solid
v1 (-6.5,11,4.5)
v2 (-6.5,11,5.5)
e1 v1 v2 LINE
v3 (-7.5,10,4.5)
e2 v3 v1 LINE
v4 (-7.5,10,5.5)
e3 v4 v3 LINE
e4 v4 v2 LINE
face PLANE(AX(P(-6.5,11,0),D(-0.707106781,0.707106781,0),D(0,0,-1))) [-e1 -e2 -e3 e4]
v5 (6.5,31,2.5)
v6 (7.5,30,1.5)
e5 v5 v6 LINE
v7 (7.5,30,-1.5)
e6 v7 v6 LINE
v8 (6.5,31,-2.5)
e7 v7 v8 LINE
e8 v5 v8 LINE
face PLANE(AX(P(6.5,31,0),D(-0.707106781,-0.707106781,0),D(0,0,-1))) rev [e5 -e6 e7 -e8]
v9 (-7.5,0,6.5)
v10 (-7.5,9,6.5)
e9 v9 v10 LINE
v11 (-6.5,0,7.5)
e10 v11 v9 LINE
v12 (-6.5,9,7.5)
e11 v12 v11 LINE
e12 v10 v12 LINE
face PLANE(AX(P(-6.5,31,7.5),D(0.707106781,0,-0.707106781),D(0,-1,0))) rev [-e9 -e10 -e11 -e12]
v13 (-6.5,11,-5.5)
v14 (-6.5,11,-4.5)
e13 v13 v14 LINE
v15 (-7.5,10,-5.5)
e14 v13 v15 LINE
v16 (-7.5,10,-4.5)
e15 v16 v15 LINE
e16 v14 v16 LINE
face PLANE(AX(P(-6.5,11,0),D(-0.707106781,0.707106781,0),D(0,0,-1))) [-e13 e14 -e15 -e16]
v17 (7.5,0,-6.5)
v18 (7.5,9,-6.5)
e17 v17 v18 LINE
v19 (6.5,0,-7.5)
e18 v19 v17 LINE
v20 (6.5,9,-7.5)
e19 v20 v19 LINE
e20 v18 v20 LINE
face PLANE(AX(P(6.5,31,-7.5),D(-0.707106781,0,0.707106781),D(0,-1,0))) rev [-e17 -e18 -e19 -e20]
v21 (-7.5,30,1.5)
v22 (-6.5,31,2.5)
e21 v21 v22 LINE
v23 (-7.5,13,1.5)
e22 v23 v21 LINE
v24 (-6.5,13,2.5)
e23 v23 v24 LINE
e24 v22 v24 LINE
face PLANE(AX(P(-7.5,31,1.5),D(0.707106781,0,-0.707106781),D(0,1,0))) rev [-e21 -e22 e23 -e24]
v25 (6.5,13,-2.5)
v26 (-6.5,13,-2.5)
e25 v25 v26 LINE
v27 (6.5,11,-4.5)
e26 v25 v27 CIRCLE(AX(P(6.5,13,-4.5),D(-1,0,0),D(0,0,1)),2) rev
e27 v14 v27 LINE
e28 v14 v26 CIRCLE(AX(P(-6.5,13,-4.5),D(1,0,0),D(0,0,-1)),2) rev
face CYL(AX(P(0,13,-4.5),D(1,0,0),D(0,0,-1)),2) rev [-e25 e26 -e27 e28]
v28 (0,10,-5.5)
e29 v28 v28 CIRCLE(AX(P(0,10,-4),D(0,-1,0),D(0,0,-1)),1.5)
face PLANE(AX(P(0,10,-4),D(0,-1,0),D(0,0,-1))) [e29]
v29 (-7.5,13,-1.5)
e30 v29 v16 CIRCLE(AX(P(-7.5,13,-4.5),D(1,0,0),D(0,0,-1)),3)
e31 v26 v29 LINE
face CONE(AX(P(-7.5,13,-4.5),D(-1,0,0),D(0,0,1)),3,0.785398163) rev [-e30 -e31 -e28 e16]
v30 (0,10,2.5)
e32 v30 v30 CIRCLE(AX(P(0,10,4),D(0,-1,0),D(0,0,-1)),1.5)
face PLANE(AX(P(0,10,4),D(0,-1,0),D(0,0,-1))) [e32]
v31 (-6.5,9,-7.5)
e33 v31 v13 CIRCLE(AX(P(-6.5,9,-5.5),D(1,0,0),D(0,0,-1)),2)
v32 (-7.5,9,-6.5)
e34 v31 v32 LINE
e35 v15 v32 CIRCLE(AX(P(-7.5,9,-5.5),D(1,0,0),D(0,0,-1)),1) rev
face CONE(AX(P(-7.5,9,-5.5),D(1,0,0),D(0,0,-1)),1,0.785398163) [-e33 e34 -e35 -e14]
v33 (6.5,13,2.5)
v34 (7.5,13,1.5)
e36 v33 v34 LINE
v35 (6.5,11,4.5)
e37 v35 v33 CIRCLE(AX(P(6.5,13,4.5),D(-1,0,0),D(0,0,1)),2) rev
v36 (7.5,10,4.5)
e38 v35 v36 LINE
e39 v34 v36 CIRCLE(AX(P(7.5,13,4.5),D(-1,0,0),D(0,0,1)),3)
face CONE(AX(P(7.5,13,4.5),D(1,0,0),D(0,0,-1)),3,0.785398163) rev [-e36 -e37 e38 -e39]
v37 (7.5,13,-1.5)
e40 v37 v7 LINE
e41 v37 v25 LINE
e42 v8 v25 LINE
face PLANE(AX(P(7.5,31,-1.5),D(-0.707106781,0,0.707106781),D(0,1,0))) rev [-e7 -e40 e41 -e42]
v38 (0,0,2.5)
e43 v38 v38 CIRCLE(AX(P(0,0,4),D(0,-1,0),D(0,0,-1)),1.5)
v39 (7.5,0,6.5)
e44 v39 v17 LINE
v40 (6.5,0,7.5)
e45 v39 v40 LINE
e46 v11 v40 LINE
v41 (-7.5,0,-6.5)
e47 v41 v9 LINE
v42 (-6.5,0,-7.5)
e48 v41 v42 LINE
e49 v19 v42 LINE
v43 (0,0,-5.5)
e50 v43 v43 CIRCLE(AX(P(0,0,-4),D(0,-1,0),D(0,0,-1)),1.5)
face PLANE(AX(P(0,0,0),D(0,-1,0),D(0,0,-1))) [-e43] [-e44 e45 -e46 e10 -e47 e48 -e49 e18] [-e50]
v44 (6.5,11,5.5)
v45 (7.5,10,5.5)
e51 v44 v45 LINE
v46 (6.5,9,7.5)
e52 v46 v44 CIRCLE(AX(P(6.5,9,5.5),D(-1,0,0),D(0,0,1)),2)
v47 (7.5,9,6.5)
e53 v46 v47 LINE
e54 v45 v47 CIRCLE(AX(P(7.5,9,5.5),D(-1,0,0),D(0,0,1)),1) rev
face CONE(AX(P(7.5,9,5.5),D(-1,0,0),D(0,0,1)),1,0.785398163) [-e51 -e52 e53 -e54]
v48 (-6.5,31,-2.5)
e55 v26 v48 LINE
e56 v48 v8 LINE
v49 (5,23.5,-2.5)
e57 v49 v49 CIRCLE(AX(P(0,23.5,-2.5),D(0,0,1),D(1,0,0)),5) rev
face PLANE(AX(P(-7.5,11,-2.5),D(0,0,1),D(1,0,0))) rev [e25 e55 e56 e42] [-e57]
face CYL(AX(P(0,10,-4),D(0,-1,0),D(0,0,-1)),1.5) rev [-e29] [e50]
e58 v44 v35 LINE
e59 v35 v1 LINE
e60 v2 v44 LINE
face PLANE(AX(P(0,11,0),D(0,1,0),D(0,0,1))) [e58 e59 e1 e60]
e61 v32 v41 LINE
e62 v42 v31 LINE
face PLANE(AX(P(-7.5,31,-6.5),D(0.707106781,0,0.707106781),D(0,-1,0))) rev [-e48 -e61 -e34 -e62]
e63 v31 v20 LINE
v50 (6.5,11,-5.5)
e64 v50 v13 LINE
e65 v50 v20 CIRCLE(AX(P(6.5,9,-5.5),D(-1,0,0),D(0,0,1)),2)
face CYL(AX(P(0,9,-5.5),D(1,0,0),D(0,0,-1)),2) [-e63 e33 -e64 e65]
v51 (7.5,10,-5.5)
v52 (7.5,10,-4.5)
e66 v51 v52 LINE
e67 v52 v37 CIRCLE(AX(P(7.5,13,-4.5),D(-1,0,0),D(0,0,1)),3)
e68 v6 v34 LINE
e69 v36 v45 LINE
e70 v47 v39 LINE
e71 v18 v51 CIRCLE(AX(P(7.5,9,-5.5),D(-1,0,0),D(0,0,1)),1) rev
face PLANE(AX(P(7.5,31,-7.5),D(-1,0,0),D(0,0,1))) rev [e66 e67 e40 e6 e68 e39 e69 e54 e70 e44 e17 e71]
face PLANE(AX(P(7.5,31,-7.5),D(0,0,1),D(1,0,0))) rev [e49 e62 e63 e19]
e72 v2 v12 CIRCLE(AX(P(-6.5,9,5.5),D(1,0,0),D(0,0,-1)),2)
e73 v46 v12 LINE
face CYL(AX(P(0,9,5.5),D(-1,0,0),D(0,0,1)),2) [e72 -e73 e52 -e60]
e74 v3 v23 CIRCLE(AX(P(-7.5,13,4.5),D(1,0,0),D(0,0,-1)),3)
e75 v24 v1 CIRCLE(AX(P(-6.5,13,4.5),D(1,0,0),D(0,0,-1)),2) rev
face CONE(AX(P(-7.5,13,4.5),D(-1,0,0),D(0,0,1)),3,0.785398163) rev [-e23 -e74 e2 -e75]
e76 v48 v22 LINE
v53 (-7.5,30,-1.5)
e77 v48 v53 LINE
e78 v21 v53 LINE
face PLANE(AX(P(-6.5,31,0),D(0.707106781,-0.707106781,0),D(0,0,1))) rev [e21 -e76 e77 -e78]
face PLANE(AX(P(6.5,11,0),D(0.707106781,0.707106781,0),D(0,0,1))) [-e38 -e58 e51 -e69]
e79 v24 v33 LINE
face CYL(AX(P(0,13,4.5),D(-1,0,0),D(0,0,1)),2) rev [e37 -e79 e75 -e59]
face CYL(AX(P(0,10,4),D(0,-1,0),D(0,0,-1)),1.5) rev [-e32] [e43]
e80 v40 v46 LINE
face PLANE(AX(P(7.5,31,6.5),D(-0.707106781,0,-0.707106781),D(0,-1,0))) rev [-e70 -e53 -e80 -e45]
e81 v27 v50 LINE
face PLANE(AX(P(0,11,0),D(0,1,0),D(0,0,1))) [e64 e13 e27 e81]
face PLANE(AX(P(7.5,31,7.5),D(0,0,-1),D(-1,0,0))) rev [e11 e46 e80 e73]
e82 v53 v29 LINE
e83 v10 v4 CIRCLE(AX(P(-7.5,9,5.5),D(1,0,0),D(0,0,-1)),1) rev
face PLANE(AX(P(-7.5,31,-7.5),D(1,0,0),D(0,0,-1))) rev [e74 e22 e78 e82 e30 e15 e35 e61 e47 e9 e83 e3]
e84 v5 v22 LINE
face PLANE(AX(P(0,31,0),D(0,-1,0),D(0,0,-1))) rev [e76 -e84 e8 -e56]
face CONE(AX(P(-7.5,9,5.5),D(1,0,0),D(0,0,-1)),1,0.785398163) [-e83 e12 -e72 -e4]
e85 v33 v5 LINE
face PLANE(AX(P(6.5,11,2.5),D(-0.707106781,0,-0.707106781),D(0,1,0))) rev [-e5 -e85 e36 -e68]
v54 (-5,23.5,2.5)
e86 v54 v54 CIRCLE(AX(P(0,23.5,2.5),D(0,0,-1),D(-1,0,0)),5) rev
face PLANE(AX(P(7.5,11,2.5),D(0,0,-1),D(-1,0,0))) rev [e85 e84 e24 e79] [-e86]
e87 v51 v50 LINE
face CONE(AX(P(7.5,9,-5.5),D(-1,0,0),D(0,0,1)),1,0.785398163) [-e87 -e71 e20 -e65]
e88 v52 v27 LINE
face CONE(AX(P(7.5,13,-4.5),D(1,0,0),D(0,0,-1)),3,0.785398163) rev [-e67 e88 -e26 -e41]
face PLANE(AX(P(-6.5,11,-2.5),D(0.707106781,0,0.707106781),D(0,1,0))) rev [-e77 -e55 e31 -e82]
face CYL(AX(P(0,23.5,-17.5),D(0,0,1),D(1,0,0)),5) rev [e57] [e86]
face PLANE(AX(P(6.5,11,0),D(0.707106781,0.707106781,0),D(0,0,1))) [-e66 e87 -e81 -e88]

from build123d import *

# Parameters (mm, degrees)
SKETCH1_W           = 15
SKETCH1_H           = 15
BOSS_EXTRUDE1_DEPTH = 31
SKETCH2_R           = 5
CUT_EXTRUDE1_DEPTH  = 25
SKETCH3_W           = 15
SKETCH3_H           = 5
CUT_EXTRUDE2_DEPTH  = 20
FILLET4_R           = 2
CHAMFER1_SIZE       = 1
SKETCH4_R           = 1.5
CUT_EXTRUDE3_DEPTH  = 10


with BuildPart() as part:
    # Sketch1 → Boss-Extrude1 (new body)
    with BuildSketch(Plane(origin=(0, 0, 0), x_dir=(1, 0, 0), z_dir=(0, 1, 0))):
        Rectangle(SKETCH1_W, SKETCH1_H)
    extrude(amount=BOSS_EXTRUDE1_DEPTH)

    # Sketch2 → Cut-Extrude1 (cut)
    with BuildSketch(Plane.XY.offset(7.5)):
        with Locations((0, 23.5)):
            Circle(SKETCH2_R)
    extrude(amount=-CUT_EXTRUDE1_DEPTH, mode=Mode.SUBTRACT)

    # Sketch3 → Cut-Extrude2 (cut)
    with BuildSketch(Plane(origin=(0, 31, 0), x_dir=(1, 0, 0), z_dir=(0, 1, 0))):
        with Locations((0, 5)):
            Rectangle(SKETCH3_W, SKETCH3_H)
        with Locations((0, -5)):
            Rectangle(SKETCH3_W, SKETCH3_H)
    extrude(amount=-CUT_EXTRUDE2_DEPTH, mode=Mode.SUBTRACT)

    # Fillet4
    fillet4_edges = [part.edges().sort_by_distance(p)[0] for p in [
        (0, 11, -7.5),
        (0, 11, -2.5),
        (0, 11, 7.5),
        (0, 11, 2.5),
    ]]
    fillet(fillet4_edges, radius=FILLET4_R)

    # Chamfer1
    chamfer1_edges = [part.edges().sort_by_distance(p)[0] for p in [
        (-7.5, 31, 0),
        (7.5, 31, 0),
        (7.5, 11, 5),
        (-7.5, 11, 5),
        (7.5, 11, -5),
        (7.5, 22, -2.5),
        (7.5, 22, 2.5),
        (7.5, 4.5, 7.5),
        (7.5, 4.5, -7.5),
        (7.5, 10.414213562, -6.914213562),
        (7.5, 10.414213562, 6.914213562),
        (-7.5, 4.5, 7.5),
        (-7.5, 11, -5),
        (-7.5, 4.5, -7.5),
        (-7.5, 22, 2.5),
        (-7.5, 22, -2.5),
        (-7.5, 10.414213562, -6.914213562),
        (-7.5, 10.414213562, 6.914213562),
        (7.5, 11.585786438, -3.085786438),
        (-7.5, 11.585786438, -3.085786438),
        (-7.5, 11.585786438, 3.085786438),
        (7.5, 11.585786438, 3.085786438),
    ]]
    chamfer(chamfer1_edges, length=CHAMFER1_SIZE)

    # Sketch4 → Cut-Extrude3 (cut)
    with BuildSketch(Plane.XZ):
        with Locations(Location((0, 4, 0), (0, 0, 270))):
            Circle(SKETCH4_R)
        with Locations(Location((0, -4, 0), (0, 0, 270))):
            Circle(SKETCH4_R)
    extrude(amount=-CUT_EXTRUDE3_DEPTH, mode=Mode.SUBTRACT)


solid = part.part
